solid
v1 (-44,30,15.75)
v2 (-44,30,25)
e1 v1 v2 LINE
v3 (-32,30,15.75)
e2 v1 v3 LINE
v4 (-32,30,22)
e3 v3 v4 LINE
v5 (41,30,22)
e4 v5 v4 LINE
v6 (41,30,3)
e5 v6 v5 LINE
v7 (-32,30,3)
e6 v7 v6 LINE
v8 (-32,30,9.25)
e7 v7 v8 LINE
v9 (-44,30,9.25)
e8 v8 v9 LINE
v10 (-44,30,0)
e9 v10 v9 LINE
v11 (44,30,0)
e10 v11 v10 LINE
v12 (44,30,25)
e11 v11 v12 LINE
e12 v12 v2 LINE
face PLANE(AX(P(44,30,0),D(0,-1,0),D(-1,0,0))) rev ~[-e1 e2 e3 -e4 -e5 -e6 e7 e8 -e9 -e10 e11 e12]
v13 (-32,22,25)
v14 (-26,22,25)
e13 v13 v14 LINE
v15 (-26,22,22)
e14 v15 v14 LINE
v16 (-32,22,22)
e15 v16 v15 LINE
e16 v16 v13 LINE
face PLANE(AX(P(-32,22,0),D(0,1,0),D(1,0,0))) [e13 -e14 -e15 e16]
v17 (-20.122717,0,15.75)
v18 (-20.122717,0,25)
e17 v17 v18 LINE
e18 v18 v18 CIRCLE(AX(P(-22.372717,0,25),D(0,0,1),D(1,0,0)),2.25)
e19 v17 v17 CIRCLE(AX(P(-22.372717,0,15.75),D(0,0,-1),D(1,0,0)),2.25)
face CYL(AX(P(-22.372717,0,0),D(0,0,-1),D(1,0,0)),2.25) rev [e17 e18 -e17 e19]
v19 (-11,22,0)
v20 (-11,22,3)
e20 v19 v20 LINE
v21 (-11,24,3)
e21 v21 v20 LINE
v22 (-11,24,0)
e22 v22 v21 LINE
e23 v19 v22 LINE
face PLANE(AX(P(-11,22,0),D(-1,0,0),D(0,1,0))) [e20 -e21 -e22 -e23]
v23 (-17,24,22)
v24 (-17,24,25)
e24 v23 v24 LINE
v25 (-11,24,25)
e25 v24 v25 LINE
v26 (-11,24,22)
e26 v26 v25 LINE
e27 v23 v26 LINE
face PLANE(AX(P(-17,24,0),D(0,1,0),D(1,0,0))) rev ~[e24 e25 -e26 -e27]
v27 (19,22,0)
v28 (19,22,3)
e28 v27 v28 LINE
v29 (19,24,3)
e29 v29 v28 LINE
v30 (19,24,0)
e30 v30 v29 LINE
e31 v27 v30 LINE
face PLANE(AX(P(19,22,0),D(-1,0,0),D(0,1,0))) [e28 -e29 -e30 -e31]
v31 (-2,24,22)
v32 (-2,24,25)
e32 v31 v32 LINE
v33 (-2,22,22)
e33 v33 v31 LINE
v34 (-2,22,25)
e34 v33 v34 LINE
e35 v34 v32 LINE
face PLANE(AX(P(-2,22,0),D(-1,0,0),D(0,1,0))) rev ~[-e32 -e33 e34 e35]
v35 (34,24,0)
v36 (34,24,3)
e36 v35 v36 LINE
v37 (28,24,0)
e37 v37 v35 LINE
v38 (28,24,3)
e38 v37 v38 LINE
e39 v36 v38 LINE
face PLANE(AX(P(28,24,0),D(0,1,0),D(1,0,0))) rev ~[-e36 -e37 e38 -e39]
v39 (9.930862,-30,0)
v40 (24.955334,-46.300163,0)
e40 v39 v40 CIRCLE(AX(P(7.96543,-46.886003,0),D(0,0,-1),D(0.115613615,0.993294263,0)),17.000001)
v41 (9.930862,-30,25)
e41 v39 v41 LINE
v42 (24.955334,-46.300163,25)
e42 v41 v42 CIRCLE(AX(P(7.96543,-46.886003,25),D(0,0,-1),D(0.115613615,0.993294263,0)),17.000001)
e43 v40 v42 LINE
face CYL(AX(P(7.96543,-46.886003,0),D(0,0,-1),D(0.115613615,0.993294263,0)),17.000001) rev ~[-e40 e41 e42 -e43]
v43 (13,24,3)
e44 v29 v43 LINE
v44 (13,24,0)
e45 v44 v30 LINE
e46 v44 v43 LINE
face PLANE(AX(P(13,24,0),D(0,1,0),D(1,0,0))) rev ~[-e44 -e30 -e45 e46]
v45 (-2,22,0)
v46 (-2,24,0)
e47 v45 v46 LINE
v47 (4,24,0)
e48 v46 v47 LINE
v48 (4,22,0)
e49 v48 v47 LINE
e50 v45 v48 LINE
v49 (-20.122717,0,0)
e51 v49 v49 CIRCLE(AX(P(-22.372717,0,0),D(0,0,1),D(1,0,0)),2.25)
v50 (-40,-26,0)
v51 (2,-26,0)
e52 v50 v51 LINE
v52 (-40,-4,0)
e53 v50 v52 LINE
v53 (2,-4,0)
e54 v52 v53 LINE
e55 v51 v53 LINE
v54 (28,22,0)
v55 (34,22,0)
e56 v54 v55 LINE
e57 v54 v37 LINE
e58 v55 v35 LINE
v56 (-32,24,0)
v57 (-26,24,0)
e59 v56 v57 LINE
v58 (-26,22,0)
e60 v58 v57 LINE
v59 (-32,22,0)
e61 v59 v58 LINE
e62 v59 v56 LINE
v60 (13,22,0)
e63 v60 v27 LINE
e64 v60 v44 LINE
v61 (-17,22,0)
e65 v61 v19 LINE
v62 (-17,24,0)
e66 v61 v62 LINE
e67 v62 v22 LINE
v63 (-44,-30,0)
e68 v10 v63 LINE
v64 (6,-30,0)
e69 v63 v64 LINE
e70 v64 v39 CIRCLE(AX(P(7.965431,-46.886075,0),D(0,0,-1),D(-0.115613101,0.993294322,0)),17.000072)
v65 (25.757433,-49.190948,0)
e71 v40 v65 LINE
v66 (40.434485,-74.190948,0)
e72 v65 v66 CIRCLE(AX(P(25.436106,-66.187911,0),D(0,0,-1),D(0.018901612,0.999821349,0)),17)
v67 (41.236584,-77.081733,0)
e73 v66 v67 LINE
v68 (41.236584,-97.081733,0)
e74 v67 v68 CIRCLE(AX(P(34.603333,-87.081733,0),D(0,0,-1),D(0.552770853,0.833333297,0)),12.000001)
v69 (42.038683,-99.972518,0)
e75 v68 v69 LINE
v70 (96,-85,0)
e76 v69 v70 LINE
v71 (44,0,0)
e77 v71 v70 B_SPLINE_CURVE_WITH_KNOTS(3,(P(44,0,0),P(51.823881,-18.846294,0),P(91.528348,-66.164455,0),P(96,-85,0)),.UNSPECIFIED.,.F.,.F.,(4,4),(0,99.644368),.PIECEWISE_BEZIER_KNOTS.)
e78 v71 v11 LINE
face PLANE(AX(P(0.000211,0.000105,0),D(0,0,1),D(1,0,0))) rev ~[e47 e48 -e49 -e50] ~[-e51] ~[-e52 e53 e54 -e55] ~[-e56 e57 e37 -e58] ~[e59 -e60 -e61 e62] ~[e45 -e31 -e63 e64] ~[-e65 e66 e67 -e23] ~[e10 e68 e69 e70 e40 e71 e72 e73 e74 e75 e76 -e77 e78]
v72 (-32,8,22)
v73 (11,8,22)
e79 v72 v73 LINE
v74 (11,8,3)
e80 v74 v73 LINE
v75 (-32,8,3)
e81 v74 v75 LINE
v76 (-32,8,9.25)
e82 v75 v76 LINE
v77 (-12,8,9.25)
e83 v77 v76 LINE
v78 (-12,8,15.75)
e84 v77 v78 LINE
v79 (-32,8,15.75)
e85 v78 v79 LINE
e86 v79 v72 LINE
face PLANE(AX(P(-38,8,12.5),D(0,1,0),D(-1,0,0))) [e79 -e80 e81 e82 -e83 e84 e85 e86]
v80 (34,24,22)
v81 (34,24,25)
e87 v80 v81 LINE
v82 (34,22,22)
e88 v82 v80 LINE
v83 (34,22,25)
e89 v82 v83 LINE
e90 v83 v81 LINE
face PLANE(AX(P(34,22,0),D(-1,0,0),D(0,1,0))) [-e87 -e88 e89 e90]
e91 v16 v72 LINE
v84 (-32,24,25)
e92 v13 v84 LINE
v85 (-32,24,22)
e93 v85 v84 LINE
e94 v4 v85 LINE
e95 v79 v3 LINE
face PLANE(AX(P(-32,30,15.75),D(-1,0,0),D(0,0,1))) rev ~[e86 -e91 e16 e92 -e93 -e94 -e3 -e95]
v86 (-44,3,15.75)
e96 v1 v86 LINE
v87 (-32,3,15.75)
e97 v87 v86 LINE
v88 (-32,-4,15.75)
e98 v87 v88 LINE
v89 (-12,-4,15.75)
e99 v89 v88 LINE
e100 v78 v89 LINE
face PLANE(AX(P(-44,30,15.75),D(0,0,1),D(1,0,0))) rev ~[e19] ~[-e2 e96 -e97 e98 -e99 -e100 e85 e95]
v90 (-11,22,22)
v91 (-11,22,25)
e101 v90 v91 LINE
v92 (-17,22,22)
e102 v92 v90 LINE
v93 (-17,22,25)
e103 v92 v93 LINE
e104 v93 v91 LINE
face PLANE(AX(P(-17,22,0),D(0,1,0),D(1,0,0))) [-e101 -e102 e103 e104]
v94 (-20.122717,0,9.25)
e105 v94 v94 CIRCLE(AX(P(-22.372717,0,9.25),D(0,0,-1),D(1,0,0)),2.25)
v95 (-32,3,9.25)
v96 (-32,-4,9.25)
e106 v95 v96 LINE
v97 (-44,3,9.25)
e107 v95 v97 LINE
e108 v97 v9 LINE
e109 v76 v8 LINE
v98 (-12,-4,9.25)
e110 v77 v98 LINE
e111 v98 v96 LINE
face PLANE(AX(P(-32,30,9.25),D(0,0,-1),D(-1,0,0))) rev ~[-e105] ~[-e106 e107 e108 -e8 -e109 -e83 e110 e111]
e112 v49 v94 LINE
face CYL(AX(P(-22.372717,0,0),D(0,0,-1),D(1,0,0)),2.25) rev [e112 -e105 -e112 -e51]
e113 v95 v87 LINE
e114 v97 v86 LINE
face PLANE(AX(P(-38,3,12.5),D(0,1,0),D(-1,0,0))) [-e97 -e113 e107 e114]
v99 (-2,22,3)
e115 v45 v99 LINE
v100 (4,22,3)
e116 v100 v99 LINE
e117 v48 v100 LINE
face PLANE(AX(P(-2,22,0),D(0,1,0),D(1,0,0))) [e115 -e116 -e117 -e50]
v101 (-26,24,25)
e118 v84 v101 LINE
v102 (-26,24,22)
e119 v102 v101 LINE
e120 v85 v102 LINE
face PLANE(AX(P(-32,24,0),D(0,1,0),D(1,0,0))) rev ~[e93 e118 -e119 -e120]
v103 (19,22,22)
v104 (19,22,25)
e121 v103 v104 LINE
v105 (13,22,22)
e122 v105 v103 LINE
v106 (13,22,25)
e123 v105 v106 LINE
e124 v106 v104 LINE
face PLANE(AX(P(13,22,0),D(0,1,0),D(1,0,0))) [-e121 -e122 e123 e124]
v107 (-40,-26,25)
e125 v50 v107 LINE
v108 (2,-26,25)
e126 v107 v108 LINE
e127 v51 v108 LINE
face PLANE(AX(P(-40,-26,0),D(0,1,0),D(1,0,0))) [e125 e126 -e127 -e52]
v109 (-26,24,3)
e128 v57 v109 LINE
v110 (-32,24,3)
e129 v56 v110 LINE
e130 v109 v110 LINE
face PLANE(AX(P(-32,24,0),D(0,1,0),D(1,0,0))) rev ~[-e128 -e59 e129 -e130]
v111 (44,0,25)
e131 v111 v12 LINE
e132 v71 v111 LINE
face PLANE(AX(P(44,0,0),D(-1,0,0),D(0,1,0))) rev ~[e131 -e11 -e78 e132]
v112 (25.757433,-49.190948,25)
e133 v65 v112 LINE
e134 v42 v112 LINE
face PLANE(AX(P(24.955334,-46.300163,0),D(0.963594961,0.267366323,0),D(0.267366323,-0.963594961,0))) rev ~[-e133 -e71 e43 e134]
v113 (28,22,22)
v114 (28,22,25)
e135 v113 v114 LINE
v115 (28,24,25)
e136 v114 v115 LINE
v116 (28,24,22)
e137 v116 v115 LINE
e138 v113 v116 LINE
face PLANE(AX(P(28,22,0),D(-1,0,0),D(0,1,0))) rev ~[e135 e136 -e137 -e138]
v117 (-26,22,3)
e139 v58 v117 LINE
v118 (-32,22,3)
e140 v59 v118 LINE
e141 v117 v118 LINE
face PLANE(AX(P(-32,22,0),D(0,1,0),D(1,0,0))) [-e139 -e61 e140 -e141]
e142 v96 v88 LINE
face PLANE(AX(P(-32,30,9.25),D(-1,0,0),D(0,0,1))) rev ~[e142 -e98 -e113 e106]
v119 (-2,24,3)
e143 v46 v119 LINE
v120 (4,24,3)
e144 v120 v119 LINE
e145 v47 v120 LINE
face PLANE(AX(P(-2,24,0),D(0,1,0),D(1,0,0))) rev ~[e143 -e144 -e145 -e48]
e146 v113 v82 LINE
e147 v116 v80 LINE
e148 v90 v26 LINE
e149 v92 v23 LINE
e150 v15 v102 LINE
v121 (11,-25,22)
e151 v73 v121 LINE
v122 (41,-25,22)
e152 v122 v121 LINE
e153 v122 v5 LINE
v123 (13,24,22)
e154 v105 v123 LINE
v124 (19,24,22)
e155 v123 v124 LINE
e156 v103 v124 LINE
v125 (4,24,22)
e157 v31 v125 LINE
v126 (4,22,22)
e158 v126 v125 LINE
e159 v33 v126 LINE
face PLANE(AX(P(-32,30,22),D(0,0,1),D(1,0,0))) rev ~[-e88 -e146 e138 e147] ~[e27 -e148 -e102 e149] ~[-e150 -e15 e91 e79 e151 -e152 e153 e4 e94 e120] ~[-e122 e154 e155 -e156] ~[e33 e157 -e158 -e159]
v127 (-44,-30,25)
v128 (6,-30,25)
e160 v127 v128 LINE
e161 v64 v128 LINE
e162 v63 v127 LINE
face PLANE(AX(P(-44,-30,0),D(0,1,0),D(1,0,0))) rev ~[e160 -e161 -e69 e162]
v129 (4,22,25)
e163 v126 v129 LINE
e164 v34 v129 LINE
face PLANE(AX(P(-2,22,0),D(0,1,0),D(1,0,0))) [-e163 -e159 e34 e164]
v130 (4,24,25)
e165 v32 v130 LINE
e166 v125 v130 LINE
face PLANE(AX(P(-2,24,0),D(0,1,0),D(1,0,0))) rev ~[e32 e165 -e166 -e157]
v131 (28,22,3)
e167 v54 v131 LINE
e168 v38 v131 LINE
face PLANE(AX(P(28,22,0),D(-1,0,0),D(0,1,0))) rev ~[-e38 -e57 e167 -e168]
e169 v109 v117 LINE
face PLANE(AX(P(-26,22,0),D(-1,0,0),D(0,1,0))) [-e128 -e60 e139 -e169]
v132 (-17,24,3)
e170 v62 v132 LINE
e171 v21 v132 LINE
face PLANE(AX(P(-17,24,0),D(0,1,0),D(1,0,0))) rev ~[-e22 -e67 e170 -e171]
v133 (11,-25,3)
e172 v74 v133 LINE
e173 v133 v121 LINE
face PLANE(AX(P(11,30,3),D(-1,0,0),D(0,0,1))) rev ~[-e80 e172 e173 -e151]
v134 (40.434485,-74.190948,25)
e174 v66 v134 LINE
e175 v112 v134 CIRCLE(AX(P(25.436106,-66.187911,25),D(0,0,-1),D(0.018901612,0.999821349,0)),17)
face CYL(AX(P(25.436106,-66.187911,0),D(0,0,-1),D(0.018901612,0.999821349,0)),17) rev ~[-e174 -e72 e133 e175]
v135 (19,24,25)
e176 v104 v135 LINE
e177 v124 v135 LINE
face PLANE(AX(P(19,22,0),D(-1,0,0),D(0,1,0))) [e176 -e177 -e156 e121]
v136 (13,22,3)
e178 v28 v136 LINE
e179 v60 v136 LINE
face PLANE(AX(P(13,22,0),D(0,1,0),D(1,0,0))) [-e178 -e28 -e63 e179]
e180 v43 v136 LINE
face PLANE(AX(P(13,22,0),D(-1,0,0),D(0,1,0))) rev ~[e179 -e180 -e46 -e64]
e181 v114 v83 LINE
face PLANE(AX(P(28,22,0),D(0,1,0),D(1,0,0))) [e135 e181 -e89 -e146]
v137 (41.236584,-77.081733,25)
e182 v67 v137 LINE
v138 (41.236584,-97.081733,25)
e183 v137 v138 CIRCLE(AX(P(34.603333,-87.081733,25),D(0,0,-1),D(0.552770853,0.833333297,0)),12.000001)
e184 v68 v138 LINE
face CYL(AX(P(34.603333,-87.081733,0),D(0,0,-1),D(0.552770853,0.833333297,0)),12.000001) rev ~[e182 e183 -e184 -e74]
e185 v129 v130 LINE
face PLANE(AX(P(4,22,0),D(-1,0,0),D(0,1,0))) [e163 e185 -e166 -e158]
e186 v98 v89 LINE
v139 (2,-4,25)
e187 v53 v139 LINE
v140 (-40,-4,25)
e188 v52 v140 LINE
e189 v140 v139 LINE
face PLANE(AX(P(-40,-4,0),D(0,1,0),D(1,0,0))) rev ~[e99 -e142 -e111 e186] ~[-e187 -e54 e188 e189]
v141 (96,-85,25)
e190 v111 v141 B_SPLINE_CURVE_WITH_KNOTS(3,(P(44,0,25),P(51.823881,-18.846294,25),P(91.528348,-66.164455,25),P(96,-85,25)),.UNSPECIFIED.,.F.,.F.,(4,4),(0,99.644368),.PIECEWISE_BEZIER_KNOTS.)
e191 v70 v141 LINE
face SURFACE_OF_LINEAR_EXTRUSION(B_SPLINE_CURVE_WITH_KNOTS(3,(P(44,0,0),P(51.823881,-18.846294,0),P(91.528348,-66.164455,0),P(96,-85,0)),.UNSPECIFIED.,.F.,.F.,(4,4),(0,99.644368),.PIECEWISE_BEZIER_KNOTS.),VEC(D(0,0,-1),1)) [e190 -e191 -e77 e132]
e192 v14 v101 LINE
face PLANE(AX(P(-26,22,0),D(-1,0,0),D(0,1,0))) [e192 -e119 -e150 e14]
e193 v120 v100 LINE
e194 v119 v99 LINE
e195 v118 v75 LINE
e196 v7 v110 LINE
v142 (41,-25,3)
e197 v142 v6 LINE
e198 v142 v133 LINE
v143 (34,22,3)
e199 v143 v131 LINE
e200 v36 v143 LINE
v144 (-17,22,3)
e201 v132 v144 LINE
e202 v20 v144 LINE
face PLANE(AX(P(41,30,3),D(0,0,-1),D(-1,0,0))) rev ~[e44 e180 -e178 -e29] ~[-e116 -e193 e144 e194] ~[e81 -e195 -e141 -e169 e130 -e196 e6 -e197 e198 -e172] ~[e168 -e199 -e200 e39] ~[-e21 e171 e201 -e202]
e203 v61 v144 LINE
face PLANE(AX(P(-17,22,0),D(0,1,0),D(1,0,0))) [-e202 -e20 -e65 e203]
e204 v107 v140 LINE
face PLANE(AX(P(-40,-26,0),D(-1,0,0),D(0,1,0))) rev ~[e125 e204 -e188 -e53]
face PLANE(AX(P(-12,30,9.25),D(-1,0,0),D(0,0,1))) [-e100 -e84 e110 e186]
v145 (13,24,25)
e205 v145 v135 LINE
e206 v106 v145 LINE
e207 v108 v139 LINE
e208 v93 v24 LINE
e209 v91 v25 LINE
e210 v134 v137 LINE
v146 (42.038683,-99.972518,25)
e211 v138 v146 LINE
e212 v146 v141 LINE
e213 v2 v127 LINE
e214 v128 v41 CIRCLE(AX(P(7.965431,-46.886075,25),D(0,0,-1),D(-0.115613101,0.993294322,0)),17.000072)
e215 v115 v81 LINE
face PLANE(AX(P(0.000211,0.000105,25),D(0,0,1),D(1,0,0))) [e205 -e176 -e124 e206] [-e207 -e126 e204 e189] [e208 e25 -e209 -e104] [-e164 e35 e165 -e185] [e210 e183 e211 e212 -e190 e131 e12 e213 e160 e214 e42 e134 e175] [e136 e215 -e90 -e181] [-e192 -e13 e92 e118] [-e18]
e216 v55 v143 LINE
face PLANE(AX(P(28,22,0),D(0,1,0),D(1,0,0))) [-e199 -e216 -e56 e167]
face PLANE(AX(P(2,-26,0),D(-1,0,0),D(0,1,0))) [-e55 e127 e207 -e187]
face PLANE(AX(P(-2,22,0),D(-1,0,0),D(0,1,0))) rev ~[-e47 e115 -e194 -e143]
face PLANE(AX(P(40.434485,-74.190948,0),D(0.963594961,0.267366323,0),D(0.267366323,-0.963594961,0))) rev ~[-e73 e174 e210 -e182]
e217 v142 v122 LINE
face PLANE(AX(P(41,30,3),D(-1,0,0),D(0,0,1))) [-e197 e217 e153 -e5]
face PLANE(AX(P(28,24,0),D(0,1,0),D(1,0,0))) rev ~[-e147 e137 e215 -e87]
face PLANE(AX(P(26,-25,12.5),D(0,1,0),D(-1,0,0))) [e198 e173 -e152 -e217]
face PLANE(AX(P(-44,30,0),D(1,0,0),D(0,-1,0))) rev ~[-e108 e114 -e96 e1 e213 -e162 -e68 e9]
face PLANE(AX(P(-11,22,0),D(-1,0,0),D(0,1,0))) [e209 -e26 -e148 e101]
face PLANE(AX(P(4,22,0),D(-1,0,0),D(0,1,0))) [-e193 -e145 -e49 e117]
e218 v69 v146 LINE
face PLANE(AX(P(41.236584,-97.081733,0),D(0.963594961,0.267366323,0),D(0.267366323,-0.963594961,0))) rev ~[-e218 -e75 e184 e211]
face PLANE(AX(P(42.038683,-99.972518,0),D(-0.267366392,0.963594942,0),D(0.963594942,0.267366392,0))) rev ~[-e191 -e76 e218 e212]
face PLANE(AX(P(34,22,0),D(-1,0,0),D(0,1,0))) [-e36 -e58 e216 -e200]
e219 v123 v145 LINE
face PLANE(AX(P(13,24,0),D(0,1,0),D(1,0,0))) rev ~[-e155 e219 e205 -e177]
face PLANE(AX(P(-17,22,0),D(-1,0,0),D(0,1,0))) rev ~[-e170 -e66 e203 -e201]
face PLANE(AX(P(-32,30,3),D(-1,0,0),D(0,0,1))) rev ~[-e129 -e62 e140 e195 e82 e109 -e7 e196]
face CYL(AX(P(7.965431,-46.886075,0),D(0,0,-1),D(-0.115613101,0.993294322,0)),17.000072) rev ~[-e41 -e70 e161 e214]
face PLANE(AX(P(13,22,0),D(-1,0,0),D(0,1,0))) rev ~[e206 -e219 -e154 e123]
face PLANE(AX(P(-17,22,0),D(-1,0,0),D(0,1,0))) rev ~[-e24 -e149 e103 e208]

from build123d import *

# Parameters (mm, degrees)
F0_W     = 42
F0_H     = 22
F0_R     = 2.25
F0_W_2   = 6
F0_H_2   = 2
F1_DEPTH = 25
F2_W     = 12
F2_H     = 6.5
F2_W_2   = 20
F2_W_3   = 30
F2_H_2   = 19
F3_DEPTH = 22
F4_DEPTH = 55
F5_DEPTH = 34
F6_DEPTH = 27


with BuildPart() as f1:
    # F0 (on Top) → F1 (new body)
    with BuildSketch(Plane.XY):
        with BuildLine():
            Line((44, 30), (-44, 30))
            Line((-44, 30), (-44, -30))
            Line((-44, -30), (6, -30))
            ThreePointArc((6, -30), (7.965431, -29.886003), (9.930862, -30))
            Line((9.930862, -30), (44, -30))
            Line((44, -30), (44, 0))
            Line((44, 0), (44, 30))
        make_face()
        with Locations((-19, -15)):
            Rectangle(F0_W, F0_H, mode=Mode.SUBTRACT)
        with Locations((-22.372717, 0)):
            Circle(F0_R, mode=Mode.SUBTRACT)
        with Locations((-29, 23)):
            Rectangle(F0_W_2, F0_H_2, mode=Mode.SUBTRACT)
        with Locations((-14, 23)):
            Rectangle(F0_W_2, F0_H_2, mode=Mode.SUBTRACT)
        with Locations((1, 23)):
            Rectangle(F0_W_2, F0_H_2, mode=Mode.SUBTRACT)
        with Locations((16, 23)):
            Rectangle(F0_W_2, F0_H_2, mode=Mode.SUBTRACT)
        with Locations((31, 23)):
            Rectangle(F0_W_2, F0_H_2, mode=Mode.SUBTRACT)
        with BuildLine():
            add(Edge.make_bspline(
                [(44, 0), (51.823881, -18.846294), (91.528348, -66.164455), (96, -85)],
                knots=[0, 0, 0, 0, 99.644368, 99.644368, 99.644368, 99.644368], degree=3))
            Line((44, 0), (44, -30))
            Line((44, -30), (9.930862, -30))
            ThreePointArc((9.930862, -30), (20.465431, -35.364284), (24.955334, -46.300163))
            Line((24.955334, -46.300163), (25.757433, -49.190948))
            ThreePointArc((25.757433, -49.190948), (40.09637, -57.581132), (40.434485, -74.190948))
            Line((40.434485, -74.190948), (41.236584, -77.081733))
            ThreePointArc((41.236584, -77.081733), (46.603334, -87.081733), (41.236584, -97.081733))
            Line((41.236584, -97.081733), (42.038683, -99.972518))
            Line((42.038683, -99.972518), (96, -85))
        make_face()
    extrude(amount=F1_DEPTH)

    # F2 (on face) → F3 (cut)
    with BuildSketch(Plane(origin=(0, 30, 0), x_dir=(-1, 0, 0), z_dir=(0, 1, 0))):
        with Locations((38, 12.5)):
            Rectangle(F2_W, F2_H)
        with Locations((22, 12.5)):
            Rectangle(F2_W_2, F2_H)
        Polygon((32, 22), (-11, 22), (-11, 3), (32, 3), (32, 9.25), (12, 9.25), (12, 15.75), (32, 15.75), align=None)
        with Locations((-26, 12.5)):
            Rectangle(F2_W_3, F2_H_2)
    extrude(amount=-F3_DEPTH, mode=Mode.SUBTRACT)

    # F2 (on face) → F4 (cut)
    with BuildSketch(Plane(origin=(0, 30, 0), x_dir=(-1, 0, 0), z_dir=(0, 1, 0))):
        with Locations((-26, 12.5)):
            Rectangle(F2_W_3, F2_H_2)
    extrude(amount=-F4_DEPTH, mode=Mode.SUBTRACT)

    # F2 (on face) → F5 (cut, through all)
    with BuildSketch(Plane(origin=(0, 30, 0), x_dir=(-1, 0, 0), z_dir=(0, 1, 0))):
        with Locations((22, 12.5)):
            Rectangle(F2_W_2, F2_H)
    extrude(amount=-F5_DEPTH, mode=Mode.SUBTRACT)

    # F2 (on face) → F6 (cut)
    with BuildSketch(Plane(origin=(0, 30, 0), x_dir=(-1, 0, 0), z_dir=(0, 1, 0))):
        with Locations((38, 12.5)):
            Rectangle(F2_W, F2_H)
    extrude(amount=-F6_DEPTH, mode=Mode.SUBTRACT)


solid = f1.part
